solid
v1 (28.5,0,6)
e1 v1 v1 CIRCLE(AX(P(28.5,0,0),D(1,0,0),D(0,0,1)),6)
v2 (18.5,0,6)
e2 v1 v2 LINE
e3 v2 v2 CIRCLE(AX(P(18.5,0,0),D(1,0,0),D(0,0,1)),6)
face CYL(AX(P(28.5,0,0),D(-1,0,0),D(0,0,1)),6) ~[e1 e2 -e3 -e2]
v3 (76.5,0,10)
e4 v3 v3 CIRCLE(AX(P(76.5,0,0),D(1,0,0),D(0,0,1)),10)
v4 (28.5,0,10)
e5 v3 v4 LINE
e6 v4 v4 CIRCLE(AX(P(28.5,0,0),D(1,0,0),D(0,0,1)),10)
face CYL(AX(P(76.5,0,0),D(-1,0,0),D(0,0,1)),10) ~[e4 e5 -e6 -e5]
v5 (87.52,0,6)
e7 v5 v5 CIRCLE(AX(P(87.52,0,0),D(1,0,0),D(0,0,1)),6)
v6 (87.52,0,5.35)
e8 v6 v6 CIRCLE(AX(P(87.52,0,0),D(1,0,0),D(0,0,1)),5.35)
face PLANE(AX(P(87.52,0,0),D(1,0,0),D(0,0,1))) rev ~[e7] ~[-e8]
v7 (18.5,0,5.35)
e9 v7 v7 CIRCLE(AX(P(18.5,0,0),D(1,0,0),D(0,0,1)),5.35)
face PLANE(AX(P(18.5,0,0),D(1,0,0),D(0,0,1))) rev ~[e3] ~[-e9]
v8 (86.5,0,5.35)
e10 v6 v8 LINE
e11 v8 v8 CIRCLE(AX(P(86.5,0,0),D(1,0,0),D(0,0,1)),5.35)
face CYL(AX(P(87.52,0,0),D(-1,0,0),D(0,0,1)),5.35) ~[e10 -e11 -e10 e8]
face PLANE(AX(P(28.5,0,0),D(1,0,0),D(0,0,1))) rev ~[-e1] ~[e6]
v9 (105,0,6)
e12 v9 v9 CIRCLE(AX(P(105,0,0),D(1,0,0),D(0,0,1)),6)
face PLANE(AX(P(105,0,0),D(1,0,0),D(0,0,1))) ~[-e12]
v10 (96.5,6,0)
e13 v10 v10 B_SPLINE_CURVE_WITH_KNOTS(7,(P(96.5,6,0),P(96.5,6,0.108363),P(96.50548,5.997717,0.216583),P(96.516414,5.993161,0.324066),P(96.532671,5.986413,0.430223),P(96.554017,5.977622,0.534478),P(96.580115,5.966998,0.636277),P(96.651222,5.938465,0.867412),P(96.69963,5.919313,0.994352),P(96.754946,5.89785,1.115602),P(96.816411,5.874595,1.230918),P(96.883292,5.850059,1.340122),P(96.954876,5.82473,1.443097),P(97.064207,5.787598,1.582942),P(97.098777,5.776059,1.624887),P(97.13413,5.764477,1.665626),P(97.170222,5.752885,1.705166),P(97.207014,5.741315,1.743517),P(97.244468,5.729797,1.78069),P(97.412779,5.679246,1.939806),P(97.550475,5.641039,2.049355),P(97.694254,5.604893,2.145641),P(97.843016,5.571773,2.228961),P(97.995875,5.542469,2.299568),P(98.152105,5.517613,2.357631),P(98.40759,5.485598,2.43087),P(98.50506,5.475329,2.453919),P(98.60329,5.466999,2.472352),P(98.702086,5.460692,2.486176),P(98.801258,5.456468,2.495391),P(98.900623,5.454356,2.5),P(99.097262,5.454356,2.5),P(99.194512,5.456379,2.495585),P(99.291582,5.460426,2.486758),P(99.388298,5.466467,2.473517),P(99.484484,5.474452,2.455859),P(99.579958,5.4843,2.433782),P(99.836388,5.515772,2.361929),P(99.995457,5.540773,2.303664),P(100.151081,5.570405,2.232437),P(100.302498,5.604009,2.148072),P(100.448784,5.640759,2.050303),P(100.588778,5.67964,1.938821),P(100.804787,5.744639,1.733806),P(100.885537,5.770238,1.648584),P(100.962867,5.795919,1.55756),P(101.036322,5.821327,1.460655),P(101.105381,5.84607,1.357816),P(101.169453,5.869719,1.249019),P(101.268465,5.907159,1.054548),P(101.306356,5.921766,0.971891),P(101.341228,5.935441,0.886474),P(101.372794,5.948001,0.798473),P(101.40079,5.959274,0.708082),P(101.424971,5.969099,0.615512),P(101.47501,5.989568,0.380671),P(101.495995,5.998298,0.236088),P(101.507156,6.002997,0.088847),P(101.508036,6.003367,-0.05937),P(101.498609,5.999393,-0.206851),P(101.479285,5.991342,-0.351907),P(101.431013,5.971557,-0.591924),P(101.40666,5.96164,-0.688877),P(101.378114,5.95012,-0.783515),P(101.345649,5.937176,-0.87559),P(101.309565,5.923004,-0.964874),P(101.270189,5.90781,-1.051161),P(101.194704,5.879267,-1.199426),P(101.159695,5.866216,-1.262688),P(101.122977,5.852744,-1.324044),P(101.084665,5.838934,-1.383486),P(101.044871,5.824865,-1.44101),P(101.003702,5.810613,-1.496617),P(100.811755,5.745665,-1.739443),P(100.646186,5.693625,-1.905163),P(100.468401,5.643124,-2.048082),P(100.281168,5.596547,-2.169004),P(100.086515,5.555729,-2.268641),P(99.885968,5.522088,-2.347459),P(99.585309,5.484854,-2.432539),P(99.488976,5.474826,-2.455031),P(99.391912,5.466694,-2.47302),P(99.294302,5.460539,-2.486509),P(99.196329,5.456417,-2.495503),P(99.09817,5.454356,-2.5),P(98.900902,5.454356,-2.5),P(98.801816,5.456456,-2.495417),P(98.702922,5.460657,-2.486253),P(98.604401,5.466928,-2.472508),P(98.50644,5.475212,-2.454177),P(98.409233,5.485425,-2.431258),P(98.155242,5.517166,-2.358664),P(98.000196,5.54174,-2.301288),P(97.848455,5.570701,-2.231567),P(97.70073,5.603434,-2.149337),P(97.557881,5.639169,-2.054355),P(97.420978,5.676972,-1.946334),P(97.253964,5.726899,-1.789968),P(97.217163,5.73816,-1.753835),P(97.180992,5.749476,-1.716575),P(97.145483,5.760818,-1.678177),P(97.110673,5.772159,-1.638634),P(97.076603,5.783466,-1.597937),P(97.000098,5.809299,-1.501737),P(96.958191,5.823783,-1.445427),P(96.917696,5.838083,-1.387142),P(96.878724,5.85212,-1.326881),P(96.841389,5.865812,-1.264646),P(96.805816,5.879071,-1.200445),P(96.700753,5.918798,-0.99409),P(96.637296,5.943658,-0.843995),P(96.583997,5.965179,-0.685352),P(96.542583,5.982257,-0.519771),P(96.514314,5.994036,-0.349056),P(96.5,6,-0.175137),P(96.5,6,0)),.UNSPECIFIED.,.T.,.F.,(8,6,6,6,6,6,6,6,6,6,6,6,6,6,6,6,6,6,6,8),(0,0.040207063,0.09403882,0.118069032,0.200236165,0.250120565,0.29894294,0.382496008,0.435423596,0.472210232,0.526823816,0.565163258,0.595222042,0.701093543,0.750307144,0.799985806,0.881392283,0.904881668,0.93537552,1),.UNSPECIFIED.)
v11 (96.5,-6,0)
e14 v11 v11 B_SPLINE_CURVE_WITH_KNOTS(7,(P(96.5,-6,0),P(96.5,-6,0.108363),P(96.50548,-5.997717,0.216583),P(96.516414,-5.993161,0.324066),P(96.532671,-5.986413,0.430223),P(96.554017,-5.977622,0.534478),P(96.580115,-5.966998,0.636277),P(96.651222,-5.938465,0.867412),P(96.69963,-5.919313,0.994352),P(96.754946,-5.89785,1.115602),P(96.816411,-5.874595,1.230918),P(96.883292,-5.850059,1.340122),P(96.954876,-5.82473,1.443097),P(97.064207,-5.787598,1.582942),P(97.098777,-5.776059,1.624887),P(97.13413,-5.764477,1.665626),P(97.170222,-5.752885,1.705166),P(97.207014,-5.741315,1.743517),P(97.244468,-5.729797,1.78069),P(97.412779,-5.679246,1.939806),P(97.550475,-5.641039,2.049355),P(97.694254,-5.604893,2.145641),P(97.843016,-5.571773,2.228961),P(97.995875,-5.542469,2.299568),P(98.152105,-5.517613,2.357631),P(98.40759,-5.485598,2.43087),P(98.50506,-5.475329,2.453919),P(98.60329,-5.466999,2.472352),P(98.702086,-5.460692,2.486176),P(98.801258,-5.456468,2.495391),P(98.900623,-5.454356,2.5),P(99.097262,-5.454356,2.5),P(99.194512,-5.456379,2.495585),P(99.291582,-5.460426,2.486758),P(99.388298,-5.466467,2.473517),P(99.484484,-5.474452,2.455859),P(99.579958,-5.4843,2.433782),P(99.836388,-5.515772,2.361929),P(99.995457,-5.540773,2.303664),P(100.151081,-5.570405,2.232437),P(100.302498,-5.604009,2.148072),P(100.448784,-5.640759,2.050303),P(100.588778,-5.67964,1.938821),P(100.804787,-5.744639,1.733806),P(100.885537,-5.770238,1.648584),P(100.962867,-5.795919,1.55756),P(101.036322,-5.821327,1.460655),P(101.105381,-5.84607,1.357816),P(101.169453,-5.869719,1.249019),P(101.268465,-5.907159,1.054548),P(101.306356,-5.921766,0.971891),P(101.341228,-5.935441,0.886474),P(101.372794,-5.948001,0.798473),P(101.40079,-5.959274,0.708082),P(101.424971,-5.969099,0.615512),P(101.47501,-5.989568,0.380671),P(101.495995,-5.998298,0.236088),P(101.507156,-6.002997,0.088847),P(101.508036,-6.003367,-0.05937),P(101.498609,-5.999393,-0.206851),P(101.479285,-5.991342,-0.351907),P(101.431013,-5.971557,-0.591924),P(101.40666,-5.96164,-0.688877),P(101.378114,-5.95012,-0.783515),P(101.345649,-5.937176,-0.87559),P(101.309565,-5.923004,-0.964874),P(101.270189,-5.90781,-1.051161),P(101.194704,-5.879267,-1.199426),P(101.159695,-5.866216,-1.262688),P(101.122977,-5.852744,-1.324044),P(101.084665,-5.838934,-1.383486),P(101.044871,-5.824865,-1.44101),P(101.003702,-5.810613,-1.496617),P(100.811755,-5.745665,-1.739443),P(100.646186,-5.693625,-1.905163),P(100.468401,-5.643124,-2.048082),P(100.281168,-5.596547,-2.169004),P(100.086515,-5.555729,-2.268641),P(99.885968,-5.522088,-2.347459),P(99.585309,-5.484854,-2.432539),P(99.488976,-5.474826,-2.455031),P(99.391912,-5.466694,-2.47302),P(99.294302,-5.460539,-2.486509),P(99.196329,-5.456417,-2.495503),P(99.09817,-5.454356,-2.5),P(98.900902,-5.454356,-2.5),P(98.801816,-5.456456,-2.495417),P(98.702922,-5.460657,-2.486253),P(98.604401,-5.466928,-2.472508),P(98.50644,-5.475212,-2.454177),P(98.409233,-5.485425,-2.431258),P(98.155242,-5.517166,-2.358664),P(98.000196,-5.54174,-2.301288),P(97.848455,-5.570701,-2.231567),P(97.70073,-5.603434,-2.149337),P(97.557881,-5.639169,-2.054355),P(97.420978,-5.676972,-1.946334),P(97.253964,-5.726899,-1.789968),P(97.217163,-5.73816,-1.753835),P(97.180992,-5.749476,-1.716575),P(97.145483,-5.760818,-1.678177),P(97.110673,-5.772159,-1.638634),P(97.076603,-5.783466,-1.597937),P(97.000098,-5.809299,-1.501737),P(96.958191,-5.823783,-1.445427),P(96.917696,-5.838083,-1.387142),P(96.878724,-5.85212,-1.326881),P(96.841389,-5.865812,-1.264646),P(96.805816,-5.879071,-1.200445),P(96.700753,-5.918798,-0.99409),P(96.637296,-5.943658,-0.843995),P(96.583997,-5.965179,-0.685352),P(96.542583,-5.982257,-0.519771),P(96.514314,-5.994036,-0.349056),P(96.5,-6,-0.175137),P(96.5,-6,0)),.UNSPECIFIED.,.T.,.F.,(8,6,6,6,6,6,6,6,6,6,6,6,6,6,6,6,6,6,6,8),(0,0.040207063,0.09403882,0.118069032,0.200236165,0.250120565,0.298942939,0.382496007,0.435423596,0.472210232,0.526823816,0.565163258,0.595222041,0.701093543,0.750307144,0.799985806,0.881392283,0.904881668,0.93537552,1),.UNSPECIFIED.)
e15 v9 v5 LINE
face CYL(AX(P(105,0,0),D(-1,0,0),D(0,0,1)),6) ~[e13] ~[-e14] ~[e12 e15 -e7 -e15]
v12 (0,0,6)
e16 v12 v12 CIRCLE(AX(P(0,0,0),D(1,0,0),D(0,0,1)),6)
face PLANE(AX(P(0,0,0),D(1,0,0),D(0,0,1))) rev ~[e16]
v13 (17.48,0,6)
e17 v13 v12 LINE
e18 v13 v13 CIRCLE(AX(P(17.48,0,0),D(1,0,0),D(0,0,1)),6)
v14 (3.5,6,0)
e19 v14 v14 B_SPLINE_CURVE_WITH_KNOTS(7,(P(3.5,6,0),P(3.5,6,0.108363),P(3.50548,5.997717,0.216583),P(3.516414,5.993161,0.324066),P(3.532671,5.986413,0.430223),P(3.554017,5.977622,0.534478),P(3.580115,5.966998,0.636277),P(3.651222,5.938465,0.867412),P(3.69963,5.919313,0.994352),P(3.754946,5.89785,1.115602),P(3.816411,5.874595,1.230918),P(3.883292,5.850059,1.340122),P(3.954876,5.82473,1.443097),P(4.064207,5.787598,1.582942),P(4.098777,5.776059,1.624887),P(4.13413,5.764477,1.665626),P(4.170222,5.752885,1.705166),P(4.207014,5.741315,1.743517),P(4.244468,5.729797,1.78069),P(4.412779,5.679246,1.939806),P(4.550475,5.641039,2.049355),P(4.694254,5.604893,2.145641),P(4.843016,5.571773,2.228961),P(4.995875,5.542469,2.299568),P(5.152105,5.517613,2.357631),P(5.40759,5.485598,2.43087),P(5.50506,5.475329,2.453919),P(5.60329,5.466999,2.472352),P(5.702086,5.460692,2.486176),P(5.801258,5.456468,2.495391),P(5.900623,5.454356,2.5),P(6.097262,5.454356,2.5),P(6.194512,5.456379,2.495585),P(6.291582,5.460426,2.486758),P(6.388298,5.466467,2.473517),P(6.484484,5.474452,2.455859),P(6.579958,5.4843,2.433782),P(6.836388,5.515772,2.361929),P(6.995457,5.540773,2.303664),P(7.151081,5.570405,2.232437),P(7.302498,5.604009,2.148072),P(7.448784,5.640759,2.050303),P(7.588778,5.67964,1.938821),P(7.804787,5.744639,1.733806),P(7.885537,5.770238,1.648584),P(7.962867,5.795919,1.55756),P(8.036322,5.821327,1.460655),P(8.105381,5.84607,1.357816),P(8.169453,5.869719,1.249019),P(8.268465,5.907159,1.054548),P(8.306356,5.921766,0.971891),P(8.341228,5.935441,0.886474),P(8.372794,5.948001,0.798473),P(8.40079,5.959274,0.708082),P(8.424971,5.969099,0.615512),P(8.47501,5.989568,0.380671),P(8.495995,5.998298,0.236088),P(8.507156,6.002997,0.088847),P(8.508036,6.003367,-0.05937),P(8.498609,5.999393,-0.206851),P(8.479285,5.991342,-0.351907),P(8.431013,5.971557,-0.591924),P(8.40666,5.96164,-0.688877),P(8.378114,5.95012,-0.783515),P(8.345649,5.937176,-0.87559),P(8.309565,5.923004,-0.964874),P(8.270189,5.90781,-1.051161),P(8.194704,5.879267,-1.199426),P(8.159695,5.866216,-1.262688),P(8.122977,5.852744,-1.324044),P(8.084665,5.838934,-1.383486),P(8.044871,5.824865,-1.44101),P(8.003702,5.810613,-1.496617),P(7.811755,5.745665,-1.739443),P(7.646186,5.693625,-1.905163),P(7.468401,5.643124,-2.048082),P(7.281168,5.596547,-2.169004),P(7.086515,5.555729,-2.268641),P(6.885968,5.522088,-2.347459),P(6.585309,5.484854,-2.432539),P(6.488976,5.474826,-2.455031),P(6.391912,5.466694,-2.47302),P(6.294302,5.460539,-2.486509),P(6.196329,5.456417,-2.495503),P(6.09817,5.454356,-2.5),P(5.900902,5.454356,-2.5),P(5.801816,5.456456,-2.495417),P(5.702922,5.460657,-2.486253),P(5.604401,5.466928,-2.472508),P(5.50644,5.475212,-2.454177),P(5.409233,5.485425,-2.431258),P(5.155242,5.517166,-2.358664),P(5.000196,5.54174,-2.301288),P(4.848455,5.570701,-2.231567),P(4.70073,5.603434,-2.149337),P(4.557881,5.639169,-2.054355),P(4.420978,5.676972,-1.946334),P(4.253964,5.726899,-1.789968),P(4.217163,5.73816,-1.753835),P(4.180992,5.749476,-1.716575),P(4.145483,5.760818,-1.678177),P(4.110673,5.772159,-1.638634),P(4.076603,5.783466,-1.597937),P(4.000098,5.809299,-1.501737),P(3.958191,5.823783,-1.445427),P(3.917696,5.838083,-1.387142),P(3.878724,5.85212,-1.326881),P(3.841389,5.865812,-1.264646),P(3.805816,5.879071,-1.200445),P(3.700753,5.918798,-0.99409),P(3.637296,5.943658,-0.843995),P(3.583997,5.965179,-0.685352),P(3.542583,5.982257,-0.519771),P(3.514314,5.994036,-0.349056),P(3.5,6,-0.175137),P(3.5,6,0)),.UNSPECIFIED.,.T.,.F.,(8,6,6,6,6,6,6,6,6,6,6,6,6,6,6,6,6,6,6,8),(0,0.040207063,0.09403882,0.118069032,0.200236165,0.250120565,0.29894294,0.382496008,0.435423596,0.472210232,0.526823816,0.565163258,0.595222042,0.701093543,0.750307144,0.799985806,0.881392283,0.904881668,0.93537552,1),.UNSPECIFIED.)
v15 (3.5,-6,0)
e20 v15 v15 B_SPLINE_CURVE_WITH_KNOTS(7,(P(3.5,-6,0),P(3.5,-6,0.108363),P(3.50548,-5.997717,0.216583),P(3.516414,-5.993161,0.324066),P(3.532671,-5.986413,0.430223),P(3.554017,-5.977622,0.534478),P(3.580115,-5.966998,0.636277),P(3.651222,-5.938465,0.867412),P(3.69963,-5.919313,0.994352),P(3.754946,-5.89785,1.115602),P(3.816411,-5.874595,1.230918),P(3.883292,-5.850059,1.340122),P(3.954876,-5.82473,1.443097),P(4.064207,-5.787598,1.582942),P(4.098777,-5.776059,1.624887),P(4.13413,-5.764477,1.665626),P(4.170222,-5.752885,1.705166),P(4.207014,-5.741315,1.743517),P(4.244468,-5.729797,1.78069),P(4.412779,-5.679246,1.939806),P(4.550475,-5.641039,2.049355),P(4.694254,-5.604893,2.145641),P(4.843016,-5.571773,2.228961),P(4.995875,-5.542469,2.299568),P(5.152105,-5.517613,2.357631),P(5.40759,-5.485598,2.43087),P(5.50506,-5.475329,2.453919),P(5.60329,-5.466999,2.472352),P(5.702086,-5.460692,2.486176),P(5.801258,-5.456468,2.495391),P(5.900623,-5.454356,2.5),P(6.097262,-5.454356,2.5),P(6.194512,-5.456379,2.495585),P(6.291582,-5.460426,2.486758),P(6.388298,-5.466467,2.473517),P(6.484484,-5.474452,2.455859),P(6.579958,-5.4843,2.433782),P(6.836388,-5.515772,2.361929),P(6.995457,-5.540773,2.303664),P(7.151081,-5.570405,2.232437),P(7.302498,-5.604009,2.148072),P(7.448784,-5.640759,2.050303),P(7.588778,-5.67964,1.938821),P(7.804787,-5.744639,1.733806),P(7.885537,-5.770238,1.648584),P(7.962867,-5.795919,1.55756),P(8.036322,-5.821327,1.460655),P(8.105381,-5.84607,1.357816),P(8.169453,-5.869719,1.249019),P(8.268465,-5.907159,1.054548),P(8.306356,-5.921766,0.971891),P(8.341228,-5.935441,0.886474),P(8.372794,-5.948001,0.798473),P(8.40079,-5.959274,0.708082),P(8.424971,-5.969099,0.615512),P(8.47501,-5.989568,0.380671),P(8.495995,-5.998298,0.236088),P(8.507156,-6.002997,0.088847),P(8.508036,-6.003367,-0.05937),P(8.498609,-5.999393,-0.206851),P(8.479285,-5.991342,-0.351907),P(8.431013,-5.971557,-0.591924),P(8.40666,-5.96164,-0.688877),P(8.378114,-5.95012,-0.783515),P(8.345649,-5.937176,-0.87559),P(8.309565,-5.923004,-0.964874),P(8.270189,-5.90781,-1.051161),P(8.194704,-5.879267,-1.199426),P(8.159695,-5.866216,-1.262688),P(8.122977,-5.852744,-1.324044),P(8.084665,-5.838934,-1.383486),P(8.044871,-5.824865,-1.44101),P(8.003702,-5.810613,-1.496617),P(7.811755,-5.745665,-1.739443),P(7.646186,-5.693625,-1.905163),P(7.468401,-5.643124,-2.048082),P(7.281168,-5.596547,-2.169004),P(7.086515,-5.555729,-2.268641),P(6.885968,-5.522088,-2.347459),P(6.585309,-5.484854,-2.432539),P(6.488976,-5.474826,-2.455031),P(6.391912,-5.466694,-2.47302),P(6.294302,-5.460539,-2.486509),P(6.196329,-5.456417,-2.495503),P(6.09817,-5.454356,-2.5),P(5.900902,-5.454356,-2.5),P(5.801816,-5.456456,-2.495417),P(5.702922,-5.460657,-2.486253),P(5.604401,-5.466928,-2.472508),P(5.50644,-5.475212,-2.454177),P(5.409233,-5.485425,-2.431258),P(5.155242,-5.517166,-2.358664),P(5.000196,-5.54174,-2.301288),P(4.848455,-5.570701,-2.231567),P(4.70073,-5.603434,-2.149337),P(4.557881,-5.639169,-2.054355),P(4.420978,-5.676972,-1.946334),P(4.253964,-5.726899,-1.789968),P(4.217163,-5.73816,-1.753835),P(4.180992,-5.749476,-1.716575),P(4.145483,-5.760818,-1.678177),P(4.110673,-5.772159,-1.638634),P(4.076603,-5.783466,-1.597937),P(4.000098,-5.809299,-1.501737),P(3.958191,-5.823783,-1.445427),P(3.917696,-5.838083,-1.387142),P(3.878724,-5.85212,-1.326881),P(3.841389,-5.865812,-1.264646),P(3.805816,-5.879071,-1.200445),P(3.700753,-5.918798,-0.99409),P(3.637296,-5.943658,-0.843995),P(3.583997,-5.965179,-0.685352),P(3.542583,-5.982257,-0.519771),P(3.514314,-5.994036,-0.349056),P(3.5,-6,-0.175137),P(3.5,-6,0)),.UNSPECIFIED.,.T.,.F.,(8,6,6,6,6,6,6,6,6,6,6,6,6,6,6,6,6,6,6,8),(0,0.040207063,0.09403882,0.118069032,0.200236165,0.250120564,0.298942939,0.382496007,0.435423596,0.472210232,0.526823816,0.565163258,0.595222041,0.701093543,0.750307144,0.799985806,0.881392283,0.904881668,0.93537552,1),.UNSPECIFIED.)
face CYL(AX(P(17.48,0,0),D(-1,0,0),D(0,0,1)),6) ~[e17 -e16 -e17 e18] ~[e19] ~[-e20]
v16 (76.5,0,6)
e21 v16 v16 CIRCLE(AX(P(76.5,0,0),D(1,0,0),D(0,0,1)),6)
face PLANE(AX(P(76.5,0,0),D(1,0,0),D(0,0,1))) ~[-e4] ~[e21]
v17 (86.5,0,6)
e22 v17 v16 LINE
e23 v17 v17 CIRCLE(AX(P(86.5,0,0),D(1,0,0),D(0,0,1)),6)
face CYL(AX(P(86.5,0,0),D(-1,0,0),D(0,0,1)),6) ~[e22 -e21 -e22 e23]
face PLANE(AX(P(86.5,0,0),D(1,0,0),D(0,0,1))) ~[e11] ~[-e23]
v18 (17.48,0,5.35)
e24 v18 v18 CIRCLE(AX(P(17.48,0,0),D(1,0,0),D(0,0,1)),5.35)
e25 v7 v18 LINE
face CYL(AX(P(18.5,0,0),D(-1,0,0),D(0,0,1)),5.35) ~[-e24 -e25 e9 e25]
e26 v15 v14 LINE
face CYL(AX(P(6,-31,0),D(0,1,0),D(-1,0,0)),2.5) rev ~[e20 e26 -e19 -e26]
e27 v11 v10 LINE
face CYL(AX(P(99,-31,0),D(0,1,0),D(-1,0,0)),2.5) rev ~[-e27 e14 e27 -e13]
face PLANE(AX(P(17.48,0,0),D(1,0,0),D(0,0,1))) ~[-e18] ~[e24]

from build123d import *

# Parameters (mm, degrees)
F4_D     = 5
F4_DEPTH = 25


with BuildPart() as f1:
    # F0 (on Front) → F1 (revolve)
    with BuildSketch(Plane.XZ):
        Polygon((0, 6), (0, 0), (105, 0), (105, 6), (87.52, 6), (87.52, 5.35), (86.5, 5.35), (86.5, 6), (76.5, 6), (76.5, 10), (28.5, 10), (28.5, 6), (18.5, 6), (18.5, 5.35), (17.48, 5.35), (17.48, 6), align=None)
    revolve(axis=Axis((52.5, 0, 0), (1, 0, 0)))

    # F4
    with Locations(Plane.XZ.offset(6)):
        with Locations((6, 0), (99, 0)):
            Hole(F4_D / 2, depth=F4_DEPTH)


solid = f1.part
